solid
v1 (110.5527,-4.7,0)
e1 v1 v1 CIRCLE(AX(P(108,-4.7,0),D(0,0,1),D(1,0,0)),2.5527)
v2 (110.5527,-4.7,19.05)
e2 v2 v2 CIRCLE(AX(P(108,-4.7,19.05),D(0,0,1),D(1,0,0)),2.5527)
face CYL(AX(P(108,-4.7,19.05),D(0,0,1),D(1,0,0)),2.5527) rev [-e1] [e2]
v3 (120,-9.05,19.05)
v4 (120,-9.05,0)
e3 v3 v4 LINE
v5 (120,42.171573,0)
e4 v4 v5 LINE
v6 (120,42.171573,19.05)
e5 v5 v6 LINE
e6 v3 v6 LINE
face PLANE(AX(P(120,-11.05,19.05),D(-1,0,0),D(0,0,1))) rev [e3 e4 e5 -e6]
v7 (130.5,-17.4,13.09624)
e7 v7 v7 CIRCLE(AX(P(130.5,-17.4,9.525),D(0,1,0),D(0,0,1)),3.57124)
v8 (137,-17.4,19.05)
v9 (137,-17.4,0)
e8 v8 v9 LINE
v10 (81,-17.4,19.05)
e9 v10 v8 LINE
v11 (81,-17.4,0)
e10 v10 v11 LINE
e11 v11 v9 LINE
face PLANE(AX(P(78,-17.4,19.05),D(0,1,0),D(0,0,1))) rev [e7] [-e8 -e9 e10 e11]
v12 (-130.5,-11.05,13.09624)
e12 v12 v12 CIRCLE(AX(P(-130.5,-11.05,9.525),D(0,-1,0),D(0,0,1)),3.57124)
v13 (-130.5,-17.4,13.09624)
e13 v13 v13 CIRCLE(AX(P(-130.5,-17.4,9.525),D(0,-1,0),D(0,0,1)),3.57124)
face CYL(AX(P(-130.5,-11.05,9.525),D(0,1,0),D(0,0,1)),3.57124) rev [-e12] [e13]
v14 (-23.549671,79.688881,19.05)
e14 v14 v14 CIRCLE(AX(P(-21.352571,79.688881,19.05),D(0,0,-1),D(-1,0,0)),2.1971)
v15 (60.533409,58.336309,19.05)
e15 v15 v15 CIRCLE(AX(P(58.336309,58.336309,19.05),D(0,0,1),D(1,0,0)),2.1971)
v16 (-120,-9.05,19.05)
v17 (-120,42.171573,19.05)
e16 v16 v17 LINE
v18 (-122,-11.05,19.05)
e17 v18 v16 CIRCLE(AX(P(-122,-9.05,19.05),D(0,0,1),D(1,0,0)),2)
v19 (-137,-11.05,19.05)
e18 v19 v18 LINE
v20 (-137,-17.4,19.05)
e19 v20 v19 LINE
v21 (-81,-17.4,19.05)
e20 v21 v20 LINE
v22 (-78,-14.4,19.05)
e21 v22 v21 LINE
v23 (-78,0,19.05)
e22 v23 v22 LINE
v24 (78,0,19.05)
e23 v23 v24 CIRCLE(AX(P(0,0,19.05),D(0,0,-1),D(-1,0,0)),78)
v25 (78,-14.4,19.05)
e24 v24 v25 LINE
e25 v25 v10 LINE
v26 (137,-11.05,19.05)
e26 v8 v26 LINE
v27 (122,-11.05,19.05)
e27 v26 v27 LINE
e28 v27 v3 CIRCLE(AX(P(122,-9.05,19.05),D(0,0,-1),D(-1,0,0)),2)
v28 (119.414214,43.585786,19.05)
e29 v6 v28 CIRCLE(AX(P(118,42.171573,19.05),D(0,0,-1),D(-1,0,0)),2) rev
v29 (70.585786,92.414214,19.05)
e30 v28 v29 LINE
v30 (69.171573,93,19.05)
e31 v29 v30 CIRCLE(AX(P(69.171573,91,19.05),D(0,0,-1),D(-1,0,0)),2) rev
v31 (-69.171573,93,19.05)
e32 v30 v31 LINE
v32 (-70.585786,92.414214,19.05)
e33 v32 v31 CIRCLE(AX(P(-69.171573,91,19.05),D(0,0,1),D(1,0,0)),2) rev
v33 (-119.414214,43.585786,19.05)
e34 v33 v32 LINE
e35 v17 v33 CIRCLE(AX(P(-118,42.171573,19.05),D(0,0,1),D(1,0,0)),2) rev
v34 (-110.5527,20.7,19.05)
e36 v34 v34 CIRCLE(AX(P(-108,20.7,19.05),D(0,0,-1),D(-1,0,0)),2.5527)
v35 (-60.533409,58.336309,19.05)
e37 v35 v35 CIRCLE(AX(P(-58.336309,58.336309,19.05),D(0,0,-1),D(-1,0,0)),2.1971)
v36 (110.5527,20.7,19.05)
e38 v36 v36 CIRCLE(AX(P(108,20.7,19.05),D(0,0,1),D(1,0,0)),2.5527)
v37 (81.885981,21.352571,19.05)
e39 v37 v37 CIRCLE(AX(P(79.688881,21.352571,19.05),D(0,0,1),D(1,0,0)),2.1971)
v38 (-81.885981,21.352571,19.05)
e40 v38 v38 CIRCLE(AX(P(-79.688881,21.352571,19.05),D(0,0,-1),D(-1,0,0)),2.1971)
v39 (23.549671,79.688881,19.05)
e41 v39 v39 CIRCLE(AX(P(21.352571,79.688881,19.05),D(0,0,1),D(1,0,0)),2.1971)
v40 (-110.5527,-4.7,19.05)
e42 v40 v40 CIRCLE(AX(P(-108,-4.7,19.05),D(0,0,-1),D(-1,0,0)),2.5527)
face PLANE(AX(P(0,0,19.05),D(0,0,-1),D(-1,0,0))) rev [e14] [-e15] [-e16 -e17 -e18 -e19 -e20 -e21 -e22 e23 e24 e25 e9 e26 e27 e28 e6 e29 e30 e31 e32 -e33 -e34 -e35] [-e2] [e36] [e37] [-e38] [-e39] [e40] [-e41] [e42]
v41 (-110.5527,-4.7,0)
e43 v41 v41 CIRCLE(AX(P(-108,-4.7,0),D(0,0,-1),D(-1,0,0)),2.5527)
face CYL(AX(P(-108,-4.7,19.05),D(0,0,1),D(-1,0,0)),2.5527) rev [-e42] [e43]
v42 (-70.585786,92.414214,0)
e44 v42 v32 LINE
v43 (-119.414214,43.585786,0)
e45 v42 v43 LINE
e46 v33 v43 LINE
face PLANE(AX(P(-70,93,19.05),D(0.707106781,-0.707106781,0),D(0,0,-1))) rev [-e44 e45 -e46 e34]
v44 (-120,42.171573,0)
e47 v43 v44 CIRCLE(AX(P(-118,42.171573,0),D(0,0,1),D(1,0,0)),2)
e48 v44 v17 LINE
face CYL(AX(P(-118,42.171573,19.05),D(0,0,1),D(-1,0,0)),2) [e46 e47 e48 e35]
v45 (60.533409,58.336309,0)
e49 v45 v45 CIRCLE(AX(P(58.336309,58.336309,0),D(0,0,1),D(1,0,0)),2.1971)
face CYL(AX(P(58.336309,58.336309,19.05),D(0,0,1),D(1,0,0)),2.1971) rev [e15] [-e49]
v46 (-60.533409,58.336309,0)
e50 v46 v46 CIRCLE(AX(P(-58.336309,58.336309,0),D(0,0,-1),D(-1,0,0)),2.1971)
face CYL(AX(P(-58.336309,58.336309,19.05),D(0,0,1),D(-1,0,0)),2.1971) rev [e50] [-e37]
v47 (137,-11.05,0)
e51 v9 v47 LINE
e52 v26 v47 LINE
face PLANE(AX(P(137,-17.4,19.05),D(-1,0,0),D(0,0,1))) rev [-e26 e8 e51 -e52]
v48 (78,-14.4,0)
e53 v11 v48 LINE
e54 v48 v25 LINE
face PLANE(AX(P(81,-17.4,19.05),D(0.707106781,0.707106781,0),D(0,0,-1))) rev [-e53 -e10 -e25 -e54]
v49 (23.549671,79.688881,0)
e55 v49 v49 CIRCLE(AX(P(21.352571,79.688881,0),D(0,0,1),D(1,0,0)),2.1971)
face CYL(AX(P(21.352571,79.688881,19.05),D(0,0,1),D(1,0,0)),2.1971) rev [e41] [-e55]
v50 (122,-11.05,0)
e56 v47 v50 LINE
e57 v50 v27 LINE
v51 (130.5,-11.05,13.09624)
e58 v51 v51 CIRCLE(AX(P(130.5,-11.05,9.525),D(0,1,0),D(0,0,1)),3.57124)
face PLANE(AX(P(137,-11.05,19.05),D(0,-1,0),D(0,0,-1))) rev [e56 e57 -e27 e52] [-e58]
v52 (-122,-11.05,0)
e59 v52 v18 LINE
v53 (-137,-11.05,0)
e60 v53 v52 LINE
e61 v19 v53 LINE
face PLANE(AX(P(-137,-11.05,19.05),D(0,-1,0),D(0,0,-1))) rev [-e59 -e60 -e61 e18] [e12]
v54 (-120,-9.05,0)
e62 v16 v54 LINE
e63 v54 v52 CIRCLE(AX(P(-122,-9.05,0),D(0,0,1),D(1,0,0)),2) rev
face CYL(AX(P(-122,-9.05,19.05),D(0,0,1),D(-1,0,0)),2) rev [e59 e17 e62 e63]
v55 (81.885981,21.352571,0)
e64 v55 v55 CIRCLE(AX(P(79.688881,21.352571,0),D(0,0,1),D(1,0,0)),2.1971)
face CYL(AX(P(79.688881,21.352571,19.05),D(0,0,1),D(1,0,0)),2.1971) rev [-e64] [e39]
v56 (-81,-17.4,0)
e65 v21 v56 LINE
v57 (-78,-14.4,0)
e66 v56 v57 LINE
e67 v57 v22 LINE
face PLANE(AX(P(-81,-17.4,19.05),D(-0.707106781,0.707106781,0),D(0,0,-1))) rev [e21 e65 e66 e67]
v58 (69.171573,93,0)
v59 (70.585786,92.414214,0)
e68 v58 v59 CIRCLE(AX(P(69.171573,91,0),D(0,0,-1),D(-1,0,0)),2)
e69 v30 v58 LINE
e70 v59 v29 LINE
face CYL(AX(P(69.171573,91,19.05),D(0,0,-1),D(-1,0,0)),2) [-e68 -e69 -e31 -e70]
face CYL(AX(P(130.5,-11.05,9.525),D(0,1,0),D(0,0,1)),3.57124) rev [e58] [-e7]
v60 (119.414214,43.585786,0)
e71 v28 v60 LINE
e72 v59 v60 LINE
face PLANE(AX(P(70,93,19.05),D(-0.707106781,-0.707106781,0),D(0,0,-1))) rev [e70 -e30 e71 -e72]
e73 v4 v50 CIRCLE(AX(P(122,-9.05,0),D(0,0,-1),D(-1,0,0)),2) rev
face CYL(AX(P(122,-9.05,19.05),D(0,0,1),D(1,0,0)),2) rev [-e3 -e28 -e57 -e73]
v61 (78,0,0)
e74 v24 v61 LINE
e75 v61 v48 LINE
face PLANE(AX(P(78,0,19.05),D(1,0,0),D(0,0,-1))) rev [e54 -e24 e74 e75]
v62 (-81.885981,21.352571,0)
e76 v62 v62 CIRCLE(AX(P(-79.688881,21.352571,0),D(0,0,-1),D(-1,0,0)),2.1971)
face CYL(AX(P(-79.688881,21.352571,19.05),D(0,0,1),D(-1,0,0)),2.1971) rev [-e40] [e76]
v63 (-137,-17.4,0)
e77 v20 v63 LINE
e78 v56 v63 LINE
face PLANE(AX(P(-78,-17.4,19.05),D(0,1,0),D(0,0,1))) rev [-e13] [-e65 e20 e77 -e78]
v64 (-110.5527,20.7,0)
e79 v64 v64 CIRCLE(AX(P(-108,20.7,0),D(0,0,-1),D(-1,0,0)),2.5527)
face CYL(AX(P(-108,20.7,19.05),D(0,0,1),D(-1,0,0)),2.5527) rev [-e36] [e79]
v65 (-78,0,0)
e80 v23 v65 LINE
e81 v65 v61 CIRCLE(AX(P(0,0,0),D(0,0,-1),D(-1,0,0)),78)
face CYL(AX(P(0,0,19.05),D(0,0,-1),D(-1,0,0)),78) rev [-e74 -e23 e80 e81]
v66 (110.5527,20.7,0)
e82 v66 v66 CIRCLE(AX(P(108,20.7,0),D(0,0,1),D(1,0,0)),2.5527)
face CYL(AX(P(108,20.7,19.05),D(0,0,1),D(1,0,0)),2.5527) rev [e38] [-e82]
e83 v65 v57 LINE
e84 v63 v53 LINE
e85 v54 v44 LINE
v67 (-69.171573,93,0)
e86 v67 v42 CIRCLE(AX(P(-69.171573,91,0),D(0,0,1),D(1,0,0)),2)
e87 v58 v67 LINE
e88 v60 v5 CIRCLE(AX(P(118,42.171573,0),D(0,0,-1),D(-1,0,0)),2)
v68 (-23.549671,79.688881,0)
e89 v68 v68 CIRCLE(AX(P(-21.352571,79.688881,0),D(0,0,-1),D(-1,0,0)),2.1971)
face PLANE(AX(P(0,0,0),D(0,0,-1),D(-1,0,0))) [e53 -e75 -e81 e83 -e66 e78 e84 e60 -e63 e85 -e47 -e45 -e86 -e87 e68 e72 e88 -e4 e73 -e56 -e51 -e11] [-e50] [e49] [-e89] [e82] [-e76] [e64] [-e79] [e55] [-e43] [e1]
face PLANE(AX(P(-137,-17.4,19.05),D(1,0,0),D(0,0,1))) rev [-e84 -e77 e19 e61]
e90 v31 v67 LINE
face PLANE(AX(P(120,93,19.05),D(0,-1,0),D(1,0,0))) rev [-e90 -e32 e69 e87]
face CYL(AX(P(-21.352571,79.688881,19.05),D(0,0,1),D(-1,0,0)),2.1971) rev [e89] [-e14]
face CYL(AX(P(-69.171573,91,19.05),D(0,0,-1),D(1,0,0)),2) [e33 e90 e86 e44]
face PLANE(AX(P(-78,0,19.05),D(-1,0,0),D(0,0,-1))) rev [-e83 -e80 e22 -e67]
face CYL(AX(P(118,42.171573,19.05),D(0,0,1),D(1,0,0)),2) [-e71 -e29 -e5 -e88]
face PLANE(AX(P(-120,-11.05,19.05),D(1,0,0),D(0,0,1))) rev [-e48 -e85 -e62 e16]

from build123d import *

# Parameters (mm, degrees)
BOSS_EXTRUDE1_DEPTH              = 19.05
TAPPED_HOLE_FOR_8_32_HELICOIL1_D = 4.3942
F_1_4_20_TAPPED_HOLE1_D          = 5.1054
F_1_4_CLEARANCE_HOLE1_D          = 7.14248
F_1_4_CLEARANCE_HOLE1_DEPTH      = 12.7
F_1_4_CLEARANCE_HOLE1_TIP        = 2.145817477
CHAMFER2_SIZE                    = 3
CHAMFER3_SIZE                    = 50
FILLET2_R                        = 2


with BuildPart() as part:
    # Sketch1 → Boss-Extrude1 (new body)
    with BuildSketch(Plane.XY):
        with BuildLine():
            Line((78, 0), (78, -17.4))
            Line((78, -17.4), (137, -17.4))
            Line((137, -17.4), (137, -11.05))
            Line((137, -11.05), (120, -11.05))
            Line((120, -11.05), (120, 93))
            Line((120, 93), (0, 93))
            Line((0, 93), (0, 78))
            ThreePointArc((0, 78), (55.154328933, 55.154328933), (78, 0))
        make_face()
    extrude(amount=BOSS_EXTRUDE1_DEPTH)

    # Tapped Hole for #8-32 Helicoil1 (through all)
    with Locations(Plane.XY.offset(19.05)):
        with Locations((21.352571221, 79.688880669), (58.336309448, 58.336309448), (79.688880669, 21.352571221)):
            Hole(TAPPED_HOLE_FOR_8_32_HELICOIL1_D / 2)

    # 1/4-20 Tapped Hole1 (through all)
    with Locations(Plane.XY.offset(19.05)):
        with Locations((108, 20.7), (108, -4.7)):
            Hole(F_1_4_20_TAPPED_HOLE1_D / 2)

    # 1/4 Clearance Hole1
    with Locations(Plane(origin=(0, -11.05, 0), x_dir=(1, 0, 0), z_dir=(0, 1, 0))):
        with Locations((130.5, -9.525)):
            Hole(F_1_4_CLEARANCE_HOLE1_D / 2, depth=F_1_4_CLEARANCE_HOLE1_DEPTH)
            with Locations((0, 0, -(F_1_4_CLEARANCE_HOLE1_DEPTH + F_1_4_CLEARANCE_HOLE1_TIP / 2))):  # 118° drill point
                Cone(0, F_1_4_CLEARANCE_HOLE1_D / 2, F_1_4_CLEARANCE_HOLE1_TIP, mode=Mode.SUBTRACT)

    # Chamfer2
    chamfer2_edges = [part.edges().sort_by_distance(p)[0] for p in [
        (78, -17.4, 9.525),
    ]]
    chamfer(chamfer2_edges, length=CHAMFER2_SIZE)

    # Chamfer3
    chamfer3_edges = [part.edges().sort_by_distance(p)[0] for p in [
        (120, 93, 9.525),
    ]]
    chamfer(chamfer3_edges, length=CHAMFER3_SIZE)

    # Fillet2
    fillet2_edges = [part.edges().sort_by_distance(p)[0] for p in [
        (120, -11.05, 9.525),
        (70, 93, 9.525),
        (120, 43, 9.525),
    ]]
    fillet(fillet2_edges, radius=FILLET2_R)

    # Mirror2: part across plane


with BuildPart() as part_1:
    add(part.part)
    add(part.part.mirror(Plane(origin=(0, 0, 0), x_dir=(0, 0, 1), z_dir=(1, 0, 0))))


solid = part_1.part
